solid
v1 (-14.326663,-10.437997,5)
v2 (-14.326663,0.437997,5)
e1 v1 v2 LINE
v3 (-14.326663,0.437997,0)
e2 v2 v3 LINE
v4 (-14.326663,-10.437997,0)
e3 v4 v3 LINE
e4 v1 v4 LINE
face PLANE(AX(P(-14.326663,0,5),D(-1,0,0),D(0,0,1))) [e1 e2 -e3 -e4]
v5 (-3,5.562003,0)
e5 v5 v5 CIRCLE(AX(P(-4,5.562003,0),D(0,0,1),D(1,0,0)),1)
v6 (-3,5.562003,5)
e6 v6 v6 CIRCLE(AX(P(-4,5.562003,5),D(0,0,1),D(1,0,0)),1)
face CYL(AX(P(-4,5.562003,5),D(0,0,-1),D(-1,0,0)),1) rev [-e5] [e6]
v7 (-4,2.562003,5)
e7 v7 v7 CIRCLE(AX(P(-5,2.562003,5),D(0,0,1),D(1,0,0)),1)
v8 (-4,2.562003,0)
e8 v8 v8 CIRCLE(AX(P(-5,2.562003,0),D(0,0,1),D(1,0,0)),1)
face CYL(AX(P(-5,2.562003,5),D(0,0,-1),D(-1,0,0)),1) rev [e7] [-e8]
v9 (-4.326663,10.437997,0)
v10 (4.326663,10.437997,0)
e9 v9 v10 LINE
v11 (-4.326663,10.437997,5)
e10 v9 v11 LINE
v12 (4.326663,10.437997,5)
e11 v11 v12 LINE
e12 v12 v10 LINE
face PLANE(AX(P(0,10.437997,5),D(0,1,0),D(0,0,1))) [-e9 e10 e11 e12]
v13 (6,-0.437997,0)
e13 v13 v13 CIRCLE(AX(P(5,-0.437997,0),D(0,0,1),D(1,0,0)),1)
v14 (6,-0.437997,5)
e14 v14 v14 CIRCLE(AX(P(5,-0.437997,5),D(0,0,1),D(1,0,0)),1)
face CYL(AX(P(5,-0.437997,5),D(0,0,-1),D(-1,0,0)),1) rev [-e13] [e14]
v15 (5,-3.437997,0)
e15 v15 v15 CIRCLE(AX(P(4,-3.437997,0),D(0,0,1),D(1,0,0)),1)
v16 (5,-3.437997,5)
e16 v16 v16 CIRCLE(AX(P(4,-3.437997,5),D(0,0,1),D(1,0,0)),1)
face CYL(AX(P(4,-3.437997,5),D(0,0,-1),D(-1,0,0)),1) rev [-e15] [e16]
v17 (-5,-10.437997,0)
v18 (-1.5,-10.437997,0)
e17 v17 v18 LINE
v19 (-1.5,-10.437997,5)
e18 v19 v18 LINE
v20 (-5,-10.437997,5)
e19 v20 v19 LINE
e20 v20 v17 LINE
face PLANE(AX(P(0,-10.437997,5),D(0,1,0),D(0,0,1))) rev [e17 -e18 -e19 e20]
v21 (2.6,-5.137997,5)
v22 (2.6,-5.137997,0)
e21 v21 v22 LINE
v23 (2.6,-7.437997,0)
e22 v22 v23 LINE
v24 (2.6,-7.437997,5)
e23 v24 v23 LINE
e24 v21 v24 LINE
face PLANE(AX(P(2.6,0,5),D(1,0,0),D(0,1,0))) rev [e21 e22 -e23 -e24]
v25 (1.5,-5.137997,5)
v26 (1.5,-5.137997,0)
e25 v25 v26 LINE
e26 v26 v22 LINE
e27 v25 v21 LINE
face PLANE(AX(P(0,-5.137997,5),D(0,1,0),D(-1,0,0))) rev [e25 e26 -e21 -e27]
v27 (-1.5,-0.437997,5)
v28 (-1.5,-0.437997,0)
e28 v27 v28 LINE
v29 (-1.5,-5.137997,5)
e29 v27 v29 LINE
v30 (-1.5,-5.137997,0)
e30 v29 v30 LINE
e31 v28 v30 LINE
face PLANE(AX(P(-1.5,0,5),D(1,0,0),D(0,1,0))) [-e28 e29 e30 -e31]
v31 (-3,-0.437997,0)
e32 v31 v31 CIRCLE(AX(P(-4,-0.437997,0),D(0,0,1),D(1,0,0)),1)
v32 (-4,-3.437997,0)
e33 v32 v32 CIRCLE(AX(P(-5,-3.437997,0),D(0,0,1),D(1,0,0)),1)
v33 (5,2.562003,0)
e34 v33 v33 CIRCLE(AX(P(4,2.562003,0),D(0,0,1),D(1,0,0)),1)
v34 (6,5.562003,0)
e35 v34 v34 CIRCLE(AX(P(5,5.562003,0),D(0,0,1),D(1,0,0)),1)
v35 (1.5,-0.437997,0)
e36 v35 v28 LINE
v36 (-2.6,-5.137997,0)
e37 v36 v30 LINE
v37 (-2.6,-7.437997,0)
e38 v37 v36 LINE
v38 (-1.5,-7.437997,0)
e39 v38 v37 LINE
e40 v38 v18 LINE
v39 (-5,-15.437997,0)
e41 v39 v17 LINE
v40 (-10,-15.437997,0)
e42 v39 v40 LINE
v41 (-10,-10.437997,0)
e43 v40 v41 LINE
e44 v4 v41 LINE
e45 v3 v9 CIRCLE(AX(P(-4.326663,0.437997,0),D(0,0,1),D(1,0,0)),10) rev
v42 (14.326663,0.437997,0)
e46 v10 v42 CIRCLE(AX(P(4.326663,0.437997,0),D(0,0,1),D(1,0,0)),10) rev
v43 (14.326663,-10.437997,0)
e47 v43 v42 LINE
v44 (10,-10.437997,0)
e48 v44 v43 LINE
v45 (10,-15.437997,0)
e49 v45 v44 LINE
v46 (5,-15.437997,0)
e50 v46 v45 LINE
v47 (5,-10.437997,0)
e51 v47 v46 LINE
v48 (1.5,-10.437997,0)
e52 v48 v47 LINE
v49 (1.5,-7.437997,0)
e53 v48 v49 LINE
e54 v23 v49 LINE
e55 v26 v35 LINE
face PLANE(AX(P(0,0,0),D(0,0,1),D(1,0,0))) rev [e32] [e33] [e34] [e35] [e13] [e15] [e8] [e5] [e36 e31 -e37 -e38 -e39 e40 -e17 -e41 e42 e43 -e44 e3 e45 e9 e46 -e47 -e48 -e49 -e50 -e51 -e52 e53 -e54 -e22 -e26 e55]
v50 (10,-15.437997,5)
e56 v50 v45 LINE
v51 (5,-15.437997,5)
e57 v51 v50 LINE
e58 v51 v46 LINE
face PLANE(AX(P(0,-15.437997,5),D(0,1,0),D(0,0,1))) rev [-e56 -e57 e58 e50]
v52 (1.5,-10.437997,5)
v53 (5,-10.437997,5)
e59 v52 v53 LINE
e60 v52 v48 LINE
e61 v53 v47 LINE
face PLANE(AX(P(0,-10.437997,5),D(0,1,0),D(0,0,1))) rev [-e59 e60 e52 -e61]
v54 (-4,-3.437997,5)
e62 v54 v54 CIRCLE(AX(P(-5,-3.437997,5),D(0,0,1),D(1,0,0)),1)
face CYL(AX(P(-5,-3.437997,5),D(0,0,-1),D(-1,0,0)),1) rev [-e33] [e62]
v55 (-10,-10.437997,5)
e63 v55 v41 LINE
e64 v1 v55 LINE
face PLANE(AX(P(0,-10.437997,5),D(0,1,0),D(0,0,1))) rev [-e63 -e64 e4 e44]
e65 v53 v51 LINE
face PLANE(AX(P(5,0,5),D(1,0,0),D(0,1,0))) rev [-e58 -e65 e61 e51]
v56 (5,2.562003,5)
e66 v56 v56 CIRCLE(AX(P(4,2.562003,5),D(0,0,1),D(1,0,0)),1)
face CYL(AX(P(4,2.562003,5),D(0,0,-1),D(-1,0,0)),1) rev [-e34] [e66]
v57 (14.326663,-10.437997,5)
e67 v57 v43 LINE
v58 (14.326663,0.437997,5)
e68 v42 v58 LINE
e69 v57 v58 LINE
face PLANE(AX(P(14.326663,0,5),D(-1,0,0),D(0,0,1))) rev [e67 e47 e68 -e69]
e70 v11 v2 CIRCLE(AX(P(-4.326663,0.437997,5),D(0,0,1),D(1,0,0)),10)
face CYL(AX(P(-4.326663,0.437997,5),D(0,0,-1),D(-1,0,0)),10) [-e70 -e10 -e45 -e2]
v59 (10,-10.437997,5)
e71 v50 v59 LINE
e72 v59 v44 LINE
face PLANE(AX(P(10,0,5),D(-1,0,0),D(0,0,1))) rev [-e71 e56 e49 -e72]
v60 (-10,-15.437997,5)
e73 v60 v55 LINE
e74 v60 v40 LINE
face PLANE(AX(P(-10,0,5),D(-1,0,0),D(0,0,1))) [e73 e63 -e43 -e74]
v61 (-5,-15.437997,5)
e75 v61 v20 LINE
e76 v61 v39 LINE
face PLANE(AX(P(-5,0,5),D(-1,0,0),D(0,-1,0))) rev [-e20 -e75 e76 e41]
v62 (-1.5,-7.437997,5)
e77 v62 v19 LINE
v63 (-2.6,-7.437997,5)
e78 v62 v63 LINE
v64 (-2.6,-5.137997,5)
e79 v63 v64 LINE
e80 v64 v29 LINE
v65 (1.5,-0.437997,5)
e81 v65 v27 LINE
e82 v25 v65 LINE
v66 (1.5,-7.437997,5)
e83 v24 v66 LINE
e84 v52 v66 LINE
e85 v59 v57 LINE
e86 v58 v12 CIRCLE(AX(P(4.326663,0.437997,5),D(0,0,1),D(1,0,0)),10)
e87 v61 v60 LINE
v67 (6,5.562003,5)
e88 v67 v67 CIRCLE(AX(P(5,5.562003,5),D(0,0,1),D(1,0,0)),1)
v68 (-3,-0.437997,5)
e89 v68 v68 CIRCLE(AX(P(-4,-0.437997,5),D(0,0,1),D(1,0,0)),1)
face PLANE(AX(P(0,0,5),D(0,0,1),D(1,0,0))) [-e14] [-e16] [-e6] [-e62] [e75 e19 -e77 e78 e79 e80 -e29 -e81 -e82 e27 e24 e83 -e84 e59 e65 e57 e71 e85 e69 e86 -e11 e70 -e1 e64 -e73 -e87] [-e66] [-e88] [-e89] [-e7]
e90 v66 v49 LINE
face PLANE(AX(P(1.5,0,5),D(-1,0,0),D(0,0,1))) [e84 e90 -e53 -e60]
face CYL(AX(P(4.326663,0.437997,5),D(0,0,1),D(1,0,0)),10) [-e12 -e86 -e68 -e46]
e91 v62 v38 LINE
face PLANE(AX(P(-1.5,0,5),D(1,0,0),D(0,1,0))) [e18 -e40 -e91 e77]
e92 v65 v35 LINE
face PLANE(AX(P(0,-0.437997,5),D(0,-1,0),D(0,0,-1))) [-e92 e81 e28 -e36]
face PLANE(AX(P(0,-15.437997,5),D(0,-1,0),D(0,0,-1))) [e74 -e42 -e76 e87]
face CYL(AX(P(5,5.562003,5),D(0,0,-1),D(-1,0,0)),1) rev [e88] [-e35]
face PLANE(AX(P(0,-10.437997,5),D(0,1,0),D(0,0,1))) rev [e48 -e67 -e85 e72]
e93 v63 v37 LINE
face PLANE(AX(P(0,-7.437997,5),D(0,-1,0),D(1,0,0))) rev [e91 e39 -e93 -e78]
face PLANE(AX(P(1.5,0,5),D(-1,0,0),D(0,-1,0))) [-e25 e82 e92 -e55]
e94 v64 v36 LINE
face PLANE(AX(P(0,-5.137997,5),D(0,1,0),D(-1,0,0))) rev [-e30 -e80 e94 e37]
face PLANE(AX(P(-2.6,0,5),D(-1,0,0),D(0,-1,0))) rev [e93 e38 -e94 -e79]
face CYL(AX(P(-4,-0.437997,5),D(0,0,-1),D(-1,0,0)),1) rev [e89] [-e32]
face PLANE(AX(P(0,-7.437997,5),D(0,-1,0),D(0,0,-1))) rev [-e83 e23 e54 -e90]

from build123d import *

# Parameters (mm, degrees)
SKETCH1_R           = 1
SKETCH1_W           = 5
SKETCH1_H           = 5
BOSS_EXTRUDE1_DEPTH = 5
FILLET1_R           = 10


with BuildPart() as part:
    # Sketch1 → Boss-Extrude1 (new body)
    # profile 1 of 3: a face of its own
    with BuildSketch(Plane.XY):
        Polygon((-14.326662673, 10.43799709), (-14.326662673, -10.43799709), (-10, -10.43799709), (-5, -10.43799709), (-1.5, -10.43799709), (-1.5, -7.43799709), (-2.6, -7.43799709), (-2.6, -5.13799709), (-1.5, -5.13799709), (-1.5, -0.43799709), (1.5, -0.43799709), (1.5, -5.13799709), (2.6, -5.13799709), (2.6, -7.43799709), (1.5, -7.43799709), (1.5, -10.43799709), (5, -10.43799709), (10, -10.43799709), (14.326662673, -10.43799709), (14.326662673, 10.43799709), align=None)
        with Locations((-5, -3.43799709)):
            Circle(SKETCH1_R, mode=Mode.SUBTRACT)
        with Locations((4, -3.43799709)):
            Circle(SKETCH1_R, mode=Mode.SUBTRACT)
        with Locations((-4, -0.43799709)):
            Circle(SKETCH1_R, mode=Mode.SUBTRACT)
        with Locations((-5, 2.56200291)):
            Circle(SKETCH1_R, mode=Mode.SUBTRACT)
        with Locations((-4, 5.56200291)):
            Circle(SKETCH1_R, mode=Mode.SUBTRACT)
        with Locations((5, -0.43799709)):
            Circle(SKETCH1_R, mode=Mode.SUBTRACT)
        with Locations((4, 2.56200291)):
            Circle(SKETCH1_R, mode=Mode.SUBTRACT)
        with Locations((5, 5.56200291)):
            Circle(SKETCH1_R, mode=Mode.SUBTRACT)
    # profile 2 of 3: a face of its own
    with BuildSketch(Plane.XY):
        with Locations((-7.5, -12.93799709)):
            Rectangle(SKETCH1_W, SKETCH1_H)
    # profile 3 of 3: a face of its own
    with BuildSketch(Plane.XY):
        with Locations((7.5, -12.93799709)):
            Rectangle(SKETCH1_W, SKETCH1_H)
    extrude(amount=BOSS_EXTRUDE1_DEPTH)

    # Fillet1
    fillet1_edges = [part.edges().sort_by_distance(p)[0] for p in [
        (-14.326662673, 10.43799709, 2.5),
        (14.326662673, 10.43799709, 2.5),
    ]]
    fillet(fillet1_edges, radius=FILLET1_R)


solid = part.part
